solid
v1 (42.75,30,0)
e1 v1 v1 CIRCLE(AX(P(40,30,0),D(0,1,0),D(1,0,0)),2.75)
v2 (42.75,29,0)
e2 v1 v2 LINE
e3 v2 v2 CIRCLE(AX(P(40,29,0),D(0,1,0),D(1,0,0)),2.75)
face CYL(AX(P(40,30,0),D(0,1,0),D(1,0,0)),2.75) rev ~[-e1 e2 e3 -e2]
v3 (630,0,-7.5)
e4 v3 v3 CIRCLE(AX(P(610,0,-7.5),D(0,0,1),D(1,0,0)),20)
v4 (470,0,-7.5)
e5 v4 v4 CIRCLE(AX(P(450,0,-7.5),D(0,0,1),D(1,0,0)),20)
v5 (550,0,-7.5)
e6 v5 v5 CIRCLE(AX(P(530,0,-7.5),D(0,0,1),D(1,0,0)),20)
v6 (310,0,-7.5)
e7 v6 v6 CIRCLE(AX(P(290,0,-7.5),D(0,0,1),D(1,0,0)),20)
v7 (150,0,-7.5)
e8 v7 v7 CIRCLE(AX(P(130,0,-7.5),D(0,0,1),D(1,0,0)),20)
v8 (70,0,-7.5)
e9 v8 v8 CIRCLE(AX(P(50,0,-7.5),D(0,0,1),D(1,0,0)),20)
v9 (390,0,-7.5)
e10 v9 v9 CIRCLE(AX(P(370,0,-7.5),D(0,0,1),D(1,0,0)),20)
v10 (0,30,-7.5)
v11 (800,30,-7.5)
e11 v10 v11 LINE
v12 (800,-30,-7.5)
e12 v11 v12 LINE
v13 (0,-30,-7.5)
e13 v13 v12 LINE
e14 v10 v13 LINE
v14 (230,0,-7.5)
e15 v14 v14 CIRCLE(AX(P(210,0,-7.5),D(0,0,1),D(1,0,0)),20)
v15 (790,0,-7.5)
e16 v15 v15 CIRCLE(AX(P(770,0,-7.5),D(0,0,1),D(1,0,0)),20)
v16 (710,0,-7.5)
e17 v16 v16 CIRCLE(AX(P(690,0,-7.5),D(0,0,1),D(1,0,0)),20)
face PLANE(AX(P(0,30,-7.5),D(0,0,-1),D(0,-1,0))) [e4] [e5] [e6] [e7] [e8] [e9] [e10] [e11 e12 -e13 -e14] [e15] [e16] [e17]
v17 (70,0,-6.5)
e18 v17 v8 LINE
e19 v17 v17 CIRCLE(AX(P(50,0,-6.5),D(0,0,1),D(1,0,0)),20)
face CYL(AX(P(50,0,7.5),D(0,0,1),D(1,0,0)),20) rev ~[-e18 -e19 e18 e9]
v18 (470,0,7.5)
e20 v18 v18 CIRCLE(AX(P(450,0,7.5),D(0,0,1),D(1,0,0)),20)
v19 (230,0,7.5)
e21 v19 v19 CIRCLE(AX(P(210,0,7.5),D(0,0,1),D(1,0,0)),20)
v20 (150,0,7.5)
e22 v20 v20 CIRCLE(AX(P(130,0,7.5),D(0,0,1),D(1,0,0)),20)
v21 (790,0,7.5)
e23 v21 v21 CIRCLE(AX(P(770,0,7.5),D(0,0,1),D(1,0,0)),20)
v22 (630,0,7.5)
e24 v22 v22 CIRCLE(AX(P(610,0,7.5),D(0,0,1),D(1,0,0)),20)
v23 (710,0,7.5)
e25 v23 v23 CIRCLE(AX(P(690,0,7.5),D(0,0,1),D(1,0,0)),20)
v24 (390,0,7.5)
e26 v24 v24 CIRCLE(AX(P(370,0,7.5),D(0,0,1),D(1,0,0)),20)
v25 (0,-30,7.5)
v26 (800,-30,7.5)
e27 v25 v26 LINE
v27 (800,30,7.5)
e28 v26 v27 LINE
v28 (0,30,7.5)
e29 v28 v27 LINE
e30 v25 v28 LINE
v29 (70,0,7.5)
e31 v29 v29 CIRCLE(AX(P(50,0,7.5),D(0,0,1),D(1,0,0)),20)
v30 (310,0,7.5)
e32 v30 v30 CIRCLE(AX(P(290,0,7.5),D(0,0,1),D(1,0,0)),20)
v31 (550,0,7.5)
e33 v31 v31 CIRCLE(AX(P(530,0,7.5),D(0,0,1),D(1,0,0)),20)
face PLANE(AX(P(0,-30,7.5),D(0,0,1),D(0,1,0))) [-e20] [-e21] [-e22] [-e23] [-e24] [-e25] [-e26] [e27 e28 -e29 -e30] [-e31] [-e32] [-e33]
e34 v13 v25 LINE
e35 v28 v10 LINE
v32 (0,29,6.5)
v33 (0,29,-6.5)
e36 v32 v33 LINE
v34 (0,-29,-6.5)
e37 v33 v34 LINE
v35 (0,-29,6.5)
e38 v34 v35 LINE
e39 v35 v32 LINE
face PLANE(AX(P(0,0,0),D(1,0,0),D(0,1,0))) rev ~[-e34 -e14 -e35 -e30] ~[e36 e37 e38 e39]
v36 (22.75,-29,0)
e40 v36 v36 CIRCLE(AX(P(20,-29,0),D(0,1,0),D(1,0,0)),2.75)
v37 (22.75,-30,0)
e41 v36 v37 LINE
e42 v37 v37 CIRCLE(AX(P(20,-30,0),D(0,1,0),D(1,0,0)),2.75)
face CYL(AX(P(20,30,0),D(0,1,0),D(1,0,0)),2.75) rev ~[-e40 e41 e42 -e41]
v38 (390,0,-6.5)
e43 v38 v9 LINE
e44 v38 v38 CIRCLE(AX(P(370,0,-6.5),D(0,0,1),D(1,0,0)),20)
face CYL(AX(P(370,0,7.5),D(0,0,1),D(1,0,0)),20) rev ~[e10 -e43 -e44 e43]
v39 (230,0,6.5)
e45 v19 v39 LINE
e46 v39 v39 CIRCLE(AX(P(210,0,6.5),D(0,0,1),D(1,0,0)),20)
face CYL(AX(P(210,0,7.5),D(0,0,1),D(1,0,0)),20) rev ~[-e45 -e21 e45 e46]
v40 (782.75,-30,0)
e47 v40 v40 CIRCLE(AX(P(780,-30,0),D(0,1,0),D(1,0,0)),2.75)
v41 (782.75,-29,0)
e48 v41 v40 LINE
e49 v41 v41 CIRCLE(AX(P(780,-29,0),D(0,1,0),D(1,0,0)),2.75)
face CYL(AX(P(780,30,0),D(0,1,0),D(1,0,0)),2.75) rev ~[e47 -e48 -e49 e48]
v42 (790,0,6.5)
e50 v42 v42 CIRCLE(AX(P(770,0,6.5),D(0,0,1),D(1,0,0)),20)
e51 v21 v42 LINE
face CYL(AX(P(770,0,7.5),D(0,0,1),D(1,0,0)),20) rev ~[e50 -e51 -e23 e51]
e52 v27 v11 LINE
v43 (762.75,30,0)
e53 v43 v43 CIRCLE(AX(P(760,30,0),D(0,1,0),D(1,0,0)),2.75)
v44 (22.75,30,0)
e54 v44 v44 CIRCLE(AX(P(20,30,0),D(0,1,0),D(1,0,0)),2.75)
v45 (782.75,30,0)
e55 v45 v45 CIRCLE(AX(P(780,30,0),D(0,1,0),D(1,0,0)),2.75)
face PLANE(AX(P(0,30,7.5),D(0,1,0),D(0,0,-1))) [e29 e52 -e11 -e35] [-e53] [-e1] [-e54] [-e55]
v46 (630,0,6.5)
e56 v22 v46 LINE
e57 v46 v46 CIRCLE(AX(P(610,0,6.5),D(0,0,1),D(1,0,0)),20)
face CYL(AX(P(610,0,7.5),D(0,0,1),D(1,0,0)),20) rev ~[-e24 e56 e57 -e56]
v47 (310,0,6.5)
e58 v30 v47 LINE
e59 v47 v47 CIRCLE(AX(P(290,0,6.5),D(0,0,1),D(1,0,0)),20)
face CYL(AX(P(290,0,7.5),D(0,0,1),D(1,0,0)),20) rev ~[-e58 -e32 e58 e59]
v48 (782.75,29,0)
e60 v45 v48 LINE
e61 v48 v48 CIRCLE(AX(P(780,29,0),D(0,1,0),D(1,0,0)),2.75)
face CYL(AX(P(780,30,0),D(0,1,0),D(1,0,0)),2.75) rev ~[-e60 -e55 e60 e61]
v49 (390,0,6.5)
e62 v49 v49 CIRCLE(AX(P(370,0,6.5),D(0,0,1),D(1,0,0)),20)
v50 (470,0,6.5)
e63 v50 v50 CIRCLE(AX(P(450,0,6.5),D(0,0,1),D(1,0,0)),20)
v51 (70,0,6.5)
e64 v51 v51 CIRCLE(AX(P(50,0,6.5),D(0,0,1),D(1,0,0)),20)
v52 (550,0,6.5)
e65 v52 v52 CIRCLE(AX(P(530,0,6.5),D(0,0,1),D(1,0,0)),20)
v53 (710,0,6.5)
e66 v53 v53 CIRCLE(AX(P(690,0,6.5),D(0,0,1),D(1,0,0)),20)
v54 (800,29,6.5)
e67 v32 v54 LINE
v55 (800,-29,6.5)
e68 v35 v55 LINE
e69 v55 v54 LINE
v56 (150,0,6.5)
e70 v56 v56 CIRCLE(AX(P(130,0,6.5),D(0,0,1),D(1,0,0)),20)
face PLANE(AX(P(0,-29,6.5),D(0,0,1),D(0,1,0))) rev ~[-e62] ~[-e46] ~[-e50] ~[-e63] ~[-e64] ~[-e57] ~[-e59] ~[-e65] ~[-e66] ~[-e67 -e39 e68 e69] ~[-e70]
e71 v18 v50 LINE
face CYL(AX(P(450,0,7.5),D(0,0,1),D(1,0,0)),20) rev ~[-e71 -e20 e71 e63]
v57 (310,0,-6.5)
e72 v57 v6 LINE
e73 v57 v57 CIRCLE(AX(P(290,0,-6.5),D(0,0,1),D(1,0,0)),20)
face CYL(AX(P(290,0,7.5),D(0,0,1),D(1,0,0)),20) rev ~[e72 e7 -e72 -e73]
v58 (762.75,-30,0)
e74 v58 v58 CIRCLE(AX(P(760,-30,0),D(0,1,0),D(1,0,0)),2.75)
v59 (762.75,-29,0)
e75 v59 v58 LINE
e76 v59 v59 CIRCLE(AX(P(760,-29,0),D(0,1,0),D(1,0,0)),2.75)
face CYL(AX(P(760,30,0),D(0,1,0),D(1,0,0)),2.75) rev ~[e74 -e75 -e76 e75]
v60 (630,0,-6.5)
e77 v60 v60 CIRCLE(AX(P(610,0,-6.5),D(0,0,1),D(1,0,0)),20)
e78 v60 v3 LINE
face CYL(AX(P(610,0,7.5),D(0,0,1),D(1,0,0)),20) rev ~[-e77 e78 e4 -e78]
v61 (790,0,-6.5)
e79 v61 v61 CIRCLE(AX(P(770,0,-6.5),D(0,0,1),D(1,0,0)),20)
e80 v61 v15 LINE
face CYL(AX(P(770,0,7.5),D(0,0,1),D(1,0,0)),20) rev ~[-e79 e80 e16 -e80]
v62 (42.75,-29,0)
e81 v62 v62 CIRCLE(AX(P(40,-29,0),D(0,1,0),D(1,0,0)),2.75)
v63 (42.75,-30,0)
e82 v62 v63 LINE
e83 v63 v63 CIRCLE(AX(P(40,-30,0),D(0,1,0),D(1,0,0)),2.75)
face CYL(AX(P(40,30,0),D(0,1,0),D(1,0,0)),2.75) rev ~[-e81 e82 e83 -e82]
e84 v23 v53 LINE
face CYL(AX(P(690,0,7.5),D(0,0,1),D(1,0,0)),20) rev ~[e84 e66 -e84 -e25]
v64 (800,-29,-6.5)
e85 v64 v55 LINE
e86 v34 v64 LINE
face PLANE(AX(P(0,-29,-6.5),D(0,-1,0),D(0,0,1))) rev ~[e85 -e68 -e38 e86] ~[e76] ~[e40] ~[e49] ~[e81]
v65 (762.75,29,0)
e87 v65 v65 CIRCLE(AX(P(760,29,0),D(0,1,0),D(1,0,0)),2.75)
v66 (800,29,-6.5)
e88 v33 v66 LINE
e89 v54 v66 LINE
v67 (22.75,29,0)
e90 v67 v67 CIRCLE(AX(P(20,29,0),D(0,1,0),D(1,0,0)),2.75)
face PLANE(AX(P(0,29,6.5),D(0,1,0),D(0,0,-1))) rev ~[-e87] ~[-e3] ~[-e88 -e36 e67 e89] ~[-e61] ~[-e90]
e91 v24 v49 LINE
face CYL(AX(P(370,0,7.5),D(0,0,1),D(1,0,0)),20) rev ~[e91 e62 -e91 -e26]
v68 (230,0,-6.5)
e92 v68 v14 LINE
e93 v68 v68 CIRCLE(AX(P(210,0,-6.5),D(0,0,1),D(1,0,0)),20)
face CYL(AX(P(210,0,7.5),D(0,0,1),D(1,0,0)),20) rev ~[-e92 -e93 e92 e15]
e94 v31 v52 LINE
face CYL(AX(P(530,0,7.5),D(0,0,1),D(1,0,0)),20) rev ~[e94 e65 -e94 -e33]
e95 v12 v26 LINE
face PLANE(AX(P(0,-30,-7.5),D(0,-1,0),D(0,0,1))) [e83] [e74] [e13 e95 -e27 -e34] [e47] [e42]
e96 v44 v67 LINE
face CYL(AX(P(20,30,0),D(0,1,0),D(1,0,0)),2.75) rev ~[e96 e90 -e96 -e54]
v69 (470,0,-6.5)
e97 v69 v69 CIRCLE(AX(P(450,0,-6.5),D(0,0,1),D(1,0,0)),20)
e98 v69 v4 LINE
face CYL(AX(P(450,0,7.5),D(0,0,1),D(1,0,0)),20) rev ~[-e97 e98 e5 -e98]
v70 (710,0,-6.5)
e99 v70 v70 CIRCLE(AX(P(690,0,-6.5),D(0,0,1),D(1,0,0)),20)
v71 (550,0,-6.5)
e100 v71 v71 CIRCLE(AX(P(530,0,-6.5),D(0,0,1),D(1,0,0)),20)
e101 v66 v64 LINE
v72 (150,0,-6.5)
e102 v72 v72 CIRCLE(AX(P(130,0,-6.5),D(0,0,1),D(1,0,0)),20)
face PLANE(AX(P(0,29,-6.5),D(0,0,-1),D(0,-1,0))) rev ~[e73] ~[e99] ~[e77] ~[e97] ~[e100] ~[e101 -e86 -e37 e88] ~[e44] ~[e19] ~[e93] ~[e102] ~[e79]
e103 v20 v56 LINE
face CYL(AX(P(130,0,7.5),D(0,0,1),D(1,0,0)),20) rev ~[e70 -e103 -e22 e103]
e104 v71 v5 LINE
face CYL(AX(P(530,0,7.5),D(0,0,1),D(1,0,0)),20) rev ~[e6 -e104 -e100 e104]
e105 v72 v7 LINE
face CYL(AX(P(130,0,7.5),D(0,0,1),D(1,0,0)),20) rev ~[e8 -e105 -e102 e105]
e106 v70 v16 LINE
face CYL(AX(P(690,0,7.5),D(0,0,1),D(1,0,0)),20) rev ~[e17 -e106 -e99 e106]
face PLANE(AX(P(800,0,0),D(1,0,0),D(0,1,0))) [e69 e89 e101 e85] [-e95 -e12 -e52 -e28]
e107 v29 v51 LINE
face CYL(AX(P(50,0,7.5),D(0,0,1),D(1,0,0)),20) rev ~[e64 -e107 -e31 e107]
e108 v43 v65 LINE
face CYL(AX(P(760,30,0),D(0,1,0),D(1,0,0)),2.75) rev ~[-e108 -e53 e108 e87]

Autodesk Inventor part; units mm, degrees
ref_plane "YZ Plane" through (0, 0, 0) normal (1, 0, 0) x (0, 1, 0)
ref_plane "XZ Plane" through (0, 0, 0) normal (0, 1, 0) x (-1, 0, 0)
ref_plane "XY Plane" through (0, 0, 0) normal (0, 0, 1) x (1, 0, 0)
sketch "Sketch1" plane through (0, 0, 0) normal (1, 0, 0) x (0, 1, 0)
  line L0 (-30, 7.5) -> (30, 7.5)
  line L1 (30, 7.5) -> (30, -7.5)
  line L2 (30, -7.5) -> (-30, -7.5)
  line L3 (-30, -7.5) -> (-30, 7.5)
  line L4 (-30, 7.5) -> (30, -7.5) construction
  line L5 (30, 7.5) -> (-30, -7.5) construction
  line L6 (-29, 6.5) -> (29, 6.5)
  line L7 (29, 6.5) -> (29, -6.5)
  line L8 (29, -6.5) -> (-29, -6.5)
  line L9 (-29, -6.5) -> (-29, 6.5)
  line L10 (-29, 6.5) -> (29, -6.5) construction
  line L11 (29, 6.5) -> (-29, -6.5) construction
  point P0 (0, 0)
  dimension "d0" = 60
  dimension "d1" = 15
  dimension "d2" = 58
  dimension "d3" = 13
extrude "Extrusion1" add sketch "Sketch1" along normal blind 800
sketch "Sketch2" plane through (0, 30, 7.5) normal (0, 1, 0) x (1, 0, 0)
  circle A0 centre (20, 7.5) radius 2.75
  circle A1 centre (780, 7.5) radius 2.75
  circle A2 centre (760, 7.5) radius 2.75
  circle A3 centre (40, 7.5) radius 2.75
  line L0 (0, 0) -> (0, 15) projected
  line L1 (0, 0) -> (800, 0) projected
  line L2 (800, 15) -> (800, 0) projected
  point P0 (0, 7.5)
  dimension "d6" = 5.5
  dimension "d7" = 5.5
  dimension "d8" = 5.5
  dimension "d9" = 5.5
  dimension "d10" = 20
  dimension "d11" = 20
  dimension "d12" = 7.5
  dimension "d13" = 7.5
  dimension "d14" = 7.5
  dimension "d15" = 7.5
  dimension "d16" = 20
  dimension "d17" = 20
extrude "Extrusion2" cut sketch "Sketch2" against normal blind 800
sketch "Sketch3" plane through (0, -30, 7.5) normal (0, 0, 1) x (1, 0, 0)
  circle A0 centre (50, 30) radius 20
  line L0 (0, 0) -> (0, 60) projected
  line L1 (0, 0) -> (800, 0) projected
  circle A1 centre (130, 30) radius 20
  circle A2 centre (210, 30) radius 20
  circle A3 centre (290, 30) radius 20
  circle A4 centre (370, 30) radius 20
  circle A5 centre (450, 30) radius 20
  circle A6 centre (530, 30) radius 20
  circle A7 centre (610, 30) radius 20
  circle A8 centre (690, 30) radius 20
  circle A9 centre (770, 30) radius 20
  point P0 (0, 30)
  dimension "d20" = 40
  dimension "d21" = 50
  dimension "d22" = 30
  dimension "d25" = 80
extrude "Extrusion3" cut sketch "Sketch3" against normal blind 100
properties part number "Bumper Plate" material "Aluminum 6061"
